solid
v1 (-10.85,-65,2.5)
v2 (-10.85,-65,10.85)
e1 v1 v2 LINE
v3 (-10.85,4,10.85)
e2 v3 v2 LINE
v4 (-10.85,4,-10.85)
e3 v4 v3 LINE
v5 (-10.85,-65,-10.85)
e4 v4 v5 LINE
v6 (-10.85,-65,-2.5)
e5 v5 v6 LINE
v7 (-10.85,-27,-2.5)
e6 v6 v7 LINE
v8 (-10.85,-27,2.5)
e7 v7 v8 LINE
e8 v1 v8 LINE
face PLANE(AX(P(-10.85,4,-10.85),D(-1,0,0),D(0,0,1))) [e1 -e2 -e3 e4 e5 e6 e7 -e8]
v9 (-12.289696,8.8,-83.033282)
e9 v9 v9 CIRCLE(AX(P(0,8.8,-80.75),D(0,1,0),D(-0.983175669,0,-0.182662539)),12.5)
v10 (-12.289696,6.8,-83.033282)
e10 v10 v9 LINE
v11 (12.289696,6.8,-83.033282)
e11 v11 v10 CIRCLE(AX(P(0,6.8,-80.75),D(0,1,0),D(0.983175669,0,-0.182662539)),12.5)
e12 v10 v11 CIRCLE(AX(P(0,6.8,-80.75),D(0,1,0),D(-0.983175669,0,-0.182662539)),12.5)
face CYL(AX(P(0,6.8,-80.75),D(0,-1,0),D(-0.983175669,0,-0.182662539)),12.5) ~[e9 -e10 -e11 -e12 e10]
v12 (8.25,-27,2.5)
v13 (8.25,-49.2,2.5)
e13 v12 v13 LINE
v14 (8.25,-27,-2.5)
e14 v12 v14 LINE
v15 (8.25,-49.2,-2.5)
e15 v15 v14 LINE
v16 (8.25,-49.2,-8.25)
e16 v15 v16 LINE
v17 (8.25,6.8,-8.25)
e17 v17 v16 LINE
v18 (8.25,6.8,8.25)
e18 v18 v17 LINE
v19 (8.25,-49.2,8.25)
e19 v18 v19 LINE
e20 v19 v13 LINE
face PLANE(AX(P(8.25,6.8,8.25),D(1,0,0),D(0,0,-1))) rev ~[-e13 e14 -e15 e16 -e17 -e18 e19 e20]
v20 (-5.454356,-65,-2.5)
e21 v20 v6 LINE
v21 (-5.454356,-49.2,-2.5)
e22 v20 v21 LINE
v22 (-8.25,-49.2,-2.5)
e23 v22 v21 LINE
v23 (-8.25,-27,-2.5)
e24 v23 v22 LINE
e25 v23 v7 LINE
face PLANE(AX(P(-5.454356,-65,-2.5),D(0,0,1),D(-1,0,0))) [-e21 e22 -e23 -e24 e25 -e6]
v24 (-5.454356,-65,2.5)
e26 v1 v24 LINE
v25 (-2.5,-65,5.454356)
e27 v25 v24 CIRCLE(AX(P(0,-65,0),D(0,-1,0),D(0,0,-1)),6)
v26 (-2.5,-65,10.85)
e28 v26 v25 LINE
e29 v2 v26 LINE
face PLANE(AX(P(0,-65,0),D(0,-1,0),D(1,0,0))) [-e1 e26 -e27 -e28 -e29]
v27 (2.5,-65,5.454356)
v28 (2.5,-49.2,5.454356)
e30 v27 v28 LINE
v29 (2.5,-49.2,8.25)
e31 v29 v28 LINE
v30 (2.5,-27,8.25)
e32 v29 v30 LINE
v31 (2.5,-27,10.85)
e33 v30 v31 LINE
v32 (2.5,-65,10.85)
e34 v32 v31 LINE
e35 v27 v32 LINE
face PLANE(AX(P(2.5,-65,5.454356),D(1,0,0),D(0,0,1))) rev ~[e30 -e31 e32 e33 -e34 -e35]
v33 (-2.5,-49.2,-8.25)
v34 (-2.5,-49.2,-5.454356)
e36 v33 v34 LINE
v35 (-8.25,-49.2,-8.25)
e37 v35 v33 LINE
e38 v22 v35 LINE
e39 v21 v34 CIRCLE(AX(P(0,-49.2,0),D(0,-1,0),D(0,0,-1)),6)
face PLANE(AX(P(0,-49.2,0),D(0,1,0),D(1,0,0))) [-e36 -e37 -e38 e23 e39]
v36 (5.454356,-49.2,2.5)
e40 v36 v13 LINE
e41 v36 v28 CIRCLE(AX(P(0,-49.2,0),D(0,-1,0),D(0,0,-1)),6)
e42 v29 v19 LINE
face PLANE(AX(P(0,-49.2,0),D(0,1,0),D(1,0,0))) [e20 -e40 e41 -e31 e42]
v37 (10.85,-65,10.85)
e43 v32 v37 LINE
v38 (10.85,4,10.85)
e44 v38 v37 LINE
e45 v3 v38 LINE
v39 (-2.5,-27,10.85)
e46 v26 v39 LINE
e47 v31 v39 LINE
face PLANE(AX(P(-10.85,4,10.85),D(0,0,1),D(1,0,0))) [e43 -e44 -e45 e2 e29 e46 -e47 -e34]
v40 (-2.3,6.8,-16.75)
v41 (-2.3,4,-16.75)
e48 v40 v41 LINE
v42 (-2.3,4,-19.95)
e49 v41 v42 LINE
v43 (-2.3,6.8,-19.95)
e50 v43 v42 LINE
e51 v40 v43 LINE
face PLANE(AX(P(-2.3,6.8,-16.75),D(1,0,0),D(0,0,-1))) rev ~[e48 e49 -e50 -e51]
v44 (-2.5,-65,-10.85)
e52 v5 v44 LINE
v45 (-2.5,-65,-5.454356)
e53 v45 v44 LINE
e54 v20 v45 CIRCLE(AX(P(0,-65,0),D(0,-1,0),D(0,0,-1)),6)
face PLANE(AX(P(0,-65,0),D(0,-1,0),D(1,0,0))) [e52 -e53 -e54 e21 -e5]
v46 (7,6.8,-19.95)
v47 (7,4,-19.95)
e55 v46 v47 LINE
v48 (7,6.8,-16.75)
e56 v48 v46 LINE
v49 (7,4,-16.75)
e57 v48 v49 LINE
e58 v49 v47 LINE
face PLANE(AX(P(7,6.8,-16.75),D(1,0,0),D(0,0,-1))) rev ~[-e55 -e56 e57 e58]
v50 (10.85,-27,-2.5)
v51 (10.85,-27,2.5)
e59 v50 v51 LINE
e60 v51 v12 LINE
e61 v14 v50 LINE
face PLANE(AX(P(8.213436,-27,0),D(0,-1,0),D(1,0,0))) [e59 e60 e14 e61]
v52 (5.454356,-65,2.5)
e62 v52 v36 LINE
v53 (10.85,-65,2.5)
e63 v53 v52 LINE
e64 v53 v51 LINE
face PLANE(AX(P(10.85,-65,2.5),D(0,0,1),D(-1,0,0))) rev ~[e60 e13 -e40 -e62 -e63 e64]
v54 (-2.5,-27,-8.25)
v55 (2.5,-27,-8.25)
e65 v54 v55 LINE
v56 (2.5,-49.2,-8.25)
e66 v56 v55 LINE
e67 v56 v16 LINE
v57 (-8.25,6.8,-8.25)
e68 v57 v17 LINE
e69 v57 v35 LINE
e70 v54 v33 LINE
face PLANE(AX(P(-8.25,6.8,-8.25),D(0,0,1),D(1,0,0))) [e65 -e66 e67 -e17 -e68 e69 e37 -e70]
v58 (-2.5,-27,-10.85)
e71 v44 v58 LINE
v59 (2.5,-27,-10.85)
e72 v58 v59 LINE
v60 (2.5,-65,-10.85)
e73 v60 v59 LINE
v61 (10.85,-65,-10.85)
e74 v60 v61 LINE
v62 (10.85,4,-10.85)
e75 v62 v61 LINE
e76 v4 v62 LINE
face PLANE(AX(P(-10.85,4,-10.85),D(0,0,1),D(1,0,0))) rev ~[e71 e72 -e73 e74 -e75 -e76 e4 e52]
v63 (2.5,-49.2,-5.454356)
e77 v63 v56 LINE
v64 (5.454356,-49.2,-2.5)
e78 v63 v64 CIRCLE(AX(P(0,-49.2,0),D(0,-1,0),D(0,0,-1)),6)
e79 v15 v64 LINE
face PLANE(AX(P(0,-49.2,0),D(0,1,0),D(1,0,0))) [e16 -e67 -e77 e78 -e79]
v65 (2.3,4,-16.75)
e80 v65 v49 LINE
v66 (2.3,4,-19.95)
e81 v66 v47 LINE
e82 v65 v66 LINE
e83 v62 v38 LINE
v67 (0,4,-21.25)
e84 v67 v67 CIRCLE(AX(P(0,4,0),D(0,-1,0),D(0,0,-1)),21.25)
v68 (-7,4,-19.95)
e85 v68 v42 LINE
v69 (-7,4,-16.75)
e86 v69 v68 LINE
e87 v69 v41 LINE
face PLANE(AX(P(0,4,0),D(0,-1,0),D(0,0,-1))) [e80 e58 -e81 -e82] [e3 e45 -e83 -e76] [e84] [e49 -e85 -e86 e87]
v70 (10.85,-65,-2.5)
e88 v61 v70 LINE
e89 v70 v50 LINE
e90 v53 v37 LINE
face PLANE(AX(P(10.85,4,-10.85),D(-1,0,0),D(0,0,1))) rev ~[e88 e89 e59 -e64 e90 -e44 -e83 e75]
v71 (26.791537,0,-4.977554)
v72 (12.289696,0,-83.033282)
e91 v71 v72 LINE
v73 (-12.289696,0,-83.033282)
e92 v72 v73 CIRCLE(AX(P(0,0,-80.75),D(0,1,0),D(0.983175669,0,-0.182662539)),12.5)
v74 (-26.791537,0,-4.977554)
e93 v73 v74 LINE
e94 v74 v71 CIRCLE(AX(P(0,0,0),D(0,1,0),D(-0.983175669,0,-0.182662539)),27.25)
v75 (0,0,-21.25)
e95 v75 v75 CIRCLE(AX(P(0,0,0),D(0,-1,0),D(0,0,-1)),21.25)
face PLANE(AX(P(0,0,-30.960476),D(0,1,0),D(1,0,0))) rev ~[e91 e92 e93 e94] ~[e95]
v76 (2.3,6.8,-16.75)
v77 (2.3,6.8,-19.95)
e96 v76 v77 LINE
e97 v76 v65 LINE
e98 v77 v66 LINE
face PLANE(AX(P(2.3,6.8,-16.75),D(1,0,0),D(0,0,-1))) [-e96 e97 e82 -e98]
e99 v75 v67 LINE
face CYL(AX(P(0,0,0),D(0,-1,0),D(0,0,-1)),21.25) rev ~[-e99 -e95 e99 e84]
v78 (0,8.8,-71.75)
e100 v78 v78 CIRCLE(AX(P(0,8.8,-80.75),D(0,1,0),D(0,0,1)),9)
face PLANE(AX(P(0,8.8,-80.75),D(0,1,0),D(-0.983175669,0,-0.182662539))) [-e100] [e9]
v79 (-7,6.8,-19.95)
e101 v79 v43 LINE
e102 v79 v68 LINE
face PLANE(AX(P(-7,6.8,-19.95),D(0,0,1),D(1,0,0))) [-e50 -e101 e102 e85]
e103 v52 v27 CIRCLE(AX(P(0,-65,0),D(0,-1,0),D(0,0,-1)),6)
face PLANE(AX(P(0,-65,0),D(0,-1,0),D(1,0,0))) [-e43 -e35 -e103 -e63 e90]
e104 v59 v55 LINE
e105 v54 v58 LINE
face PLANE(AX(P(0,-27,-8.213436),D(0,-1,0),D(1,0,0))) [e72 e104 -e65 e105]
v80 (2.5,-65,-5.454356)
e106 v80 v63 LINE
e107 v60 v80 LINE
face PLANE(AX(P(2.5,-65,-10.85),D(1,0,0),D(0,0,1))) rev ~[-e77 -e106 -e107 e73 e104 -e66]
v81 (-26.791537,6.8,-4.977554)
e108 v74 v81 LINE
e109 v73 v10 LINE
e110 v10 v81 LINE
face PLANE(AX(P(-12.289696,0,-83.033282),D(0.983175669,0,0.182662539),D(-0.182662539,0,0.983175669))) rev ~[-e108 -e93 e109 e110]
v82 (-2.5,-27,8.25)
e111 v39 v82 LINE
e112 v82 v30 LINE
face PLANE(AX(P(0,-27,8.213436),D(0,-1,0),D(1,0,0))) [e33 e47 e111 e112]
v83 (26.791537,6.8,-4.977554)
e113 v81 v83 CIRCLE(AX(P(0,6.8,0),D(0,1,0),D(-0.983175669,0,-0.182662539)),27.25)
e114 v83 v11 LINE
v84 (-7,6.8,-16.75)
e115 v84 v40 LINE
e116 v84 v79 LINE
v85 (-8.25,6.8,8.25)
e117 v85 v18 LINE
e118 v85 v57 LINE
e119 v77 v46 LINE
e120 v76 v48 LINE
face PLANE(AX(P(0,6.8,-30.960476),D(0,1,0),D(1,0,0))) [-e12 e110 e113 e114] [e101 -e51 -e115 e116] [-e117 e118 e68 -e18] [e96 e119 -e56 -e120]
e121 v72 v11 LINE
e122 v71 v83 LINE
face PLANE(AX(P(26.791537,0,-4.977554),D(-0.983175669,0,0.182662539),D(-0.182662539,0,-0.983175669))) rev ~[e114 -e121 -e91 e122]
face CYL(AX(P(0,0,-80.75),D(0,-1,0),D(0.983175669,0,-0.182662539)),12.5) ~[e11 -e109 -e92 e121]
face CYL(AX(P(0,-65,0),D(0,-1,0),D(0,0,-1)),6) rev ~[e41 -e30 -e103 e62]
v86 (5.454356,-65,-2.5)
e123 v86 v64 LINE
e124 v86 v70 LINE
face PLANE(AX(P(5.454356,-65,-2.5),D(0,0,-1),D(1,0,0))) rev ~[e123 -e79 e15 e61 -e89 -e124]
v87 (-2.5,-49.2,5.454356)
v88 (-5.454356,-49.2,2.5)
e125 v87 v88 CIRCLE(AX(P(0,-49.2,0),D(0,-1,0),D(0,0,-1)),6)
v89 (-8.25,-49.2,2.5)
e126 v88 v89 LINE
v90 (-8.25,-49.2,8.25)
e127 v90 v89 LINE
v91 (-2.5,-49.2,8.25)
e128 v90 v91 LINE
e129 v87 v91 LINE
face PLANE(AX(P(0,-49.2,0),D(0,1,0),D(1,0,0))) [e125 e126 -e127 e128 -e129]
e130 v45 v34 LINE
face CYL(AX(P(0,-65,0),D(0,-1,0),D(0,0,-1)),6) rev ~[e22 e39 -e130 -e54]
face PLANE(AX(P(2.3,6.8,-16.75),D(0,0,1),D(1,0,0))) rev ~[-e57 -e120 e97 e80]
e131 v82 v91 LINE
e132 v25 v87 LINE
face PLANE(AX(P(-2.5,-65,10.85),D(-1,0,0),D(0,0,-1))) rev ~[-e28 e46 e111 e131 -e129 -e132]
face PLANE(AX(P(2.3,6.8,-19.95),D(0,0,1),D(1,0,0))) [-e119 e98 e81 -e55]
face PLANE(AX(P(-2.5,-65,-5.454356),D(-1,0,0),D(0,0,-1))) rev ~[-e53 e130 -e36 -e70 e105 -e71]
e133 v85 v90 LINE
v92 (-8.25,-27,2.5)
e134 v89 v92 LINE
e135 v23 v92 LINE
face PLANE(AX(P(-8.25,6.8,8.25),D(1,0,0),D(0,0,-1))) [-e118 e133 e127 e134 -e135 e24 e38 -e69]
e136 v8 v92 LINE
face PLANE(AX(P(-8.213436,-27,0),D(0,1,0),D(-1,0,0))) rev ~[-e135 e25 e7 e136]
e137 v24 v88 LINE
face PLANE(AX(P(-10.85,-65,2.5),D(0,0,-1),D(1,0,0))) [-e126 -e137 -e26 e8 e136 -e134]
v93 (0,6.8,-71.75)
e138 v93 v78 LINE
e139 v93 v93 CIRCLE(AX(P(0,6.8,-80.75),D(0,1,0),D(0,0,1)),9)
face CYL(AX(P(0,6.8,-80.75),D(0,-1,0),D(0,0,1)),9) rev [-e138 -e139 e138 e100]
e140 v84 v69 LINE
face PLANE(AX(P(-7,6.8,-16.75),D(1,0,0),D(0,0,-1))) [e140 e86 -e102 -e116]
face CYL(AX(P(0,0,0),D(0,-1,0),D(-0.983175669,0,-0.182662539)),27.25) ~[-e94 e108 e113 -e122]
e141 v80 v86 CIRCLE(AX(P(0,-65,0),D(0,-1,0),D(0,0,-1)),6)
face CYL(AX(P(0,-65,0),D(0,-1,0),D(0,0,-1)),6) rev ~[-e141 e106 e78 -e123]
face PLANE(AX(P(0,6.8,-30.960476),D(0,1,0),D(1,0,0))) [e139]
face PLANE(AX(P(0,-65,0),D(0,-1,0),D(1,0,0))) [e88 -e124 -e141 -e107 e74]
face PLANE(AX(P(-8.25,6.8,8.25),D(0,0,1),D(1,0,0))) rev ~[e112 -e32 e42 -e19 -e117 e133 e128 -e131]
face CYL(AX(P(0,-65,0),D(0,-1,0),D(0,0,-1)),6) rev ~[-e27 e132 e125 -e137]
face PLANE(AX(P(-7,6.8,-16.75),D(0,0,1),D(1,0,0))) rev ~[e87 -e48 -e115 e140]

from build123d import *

# Parameters (mm, degrees)
BOSS_EXTRUDE1_DEPTH = 6.8
SKETCH2_R           = 12.5
SKETCH2_R_2         = 9
BOSS_EXTRUDE2_DEPTH = 2
SKETCH3_W           = 4.7
SKETCH3_H           = 3.2
CUT_EXTRUDE1_DEPTH  = 10
SKETCH7_R           = 21.25
CUT_EXTRUDE4_DEPTH  = 4
SKETCH8_W           = 21.7
SKETCH8_H           = 21.7
BOSS_EXTRUDE3_DEPTH = 69
SKETCH9_W           = 16.5
SKETCH9_H           = 16.5
CUT_EXTRUDE5_DEPTH  = 56
SKETCH10_R          = 6
CUT_EXTRUDE6_DEPTH  = 99
CUT_EXTRUDE7_DEPTH  = 38


with BuildPart() as part:
    # Sketch1 → Boss-Extrude1 (new body)
    with BuildSketch(Plane(origin=(0, 0, 0), x_dir=(1, 0, 0), z_dir=(0, 1, 0))):
        with BuildLine():
            Line((-12.289695868, 83.033281734), (-26.791536992, 4.97755418))
            ThreePointArc((-26.791536992, 4.97755418), (0, -27.25), (26.791536992, 4.97755418))
            Line((26.791536992, 4.97755418), (12.289695868, 83.033281734))
            ThreePointArc((12.289695868, 83.033281734), (0, 93.25), (-12.289695868, 83.033281734))
        make_face()
    extrude(amount=BOSS_EXTRUDE1_DEPTH)

    # Sketch2 → Boss-Extrude2 (add)
    with BuildSketch(Plane(origin=(0, 6.8, 0), x_dir=(1, 0, 0), z_dir=(0, 1, 0))):
        with Locations(Location((0, 80.75, 0), (0, 0, 169.47511628))):
            Circle(SKETCH2_R)
        with Locations(Location((0, 80.75, 0), (0, 0, 270))):
            Circle(SKETCH2_R_2, mode=Mode.SUBTRACT)
    extrude(amount=BOSS_EXTRUDE2_DEPTH)

    # Sketch3 → Cut-Extrude1 (cut)
    with BuildSketch(Plane(origin=(0, 6.8, 0), x_dir=(1, 0, 0), z_dir=(0, 1, 0))):
        with Locations((4.65, 18.35)):
            Rectangle(SKETCH3_W, SKETCH3_H)
        with Locations((-4.65, 18.35)):
            Rectangle(SKETCH3_W, SKETCH3_H)
    extrude(amount=-CUT_EXTRUDE1_DEPTH, mode=Mode.SUBTRACT)

    # Sketch7 → Cut-Extrude4 (cut)
    with BuildSketch(Plane.XZ):
        with Locations(Location((0, 0, 0), (0, 0, 270))):
            Circle(SKETCH7_R)
    extrude(amount=-CUT_EXTRUDE4_DEPTH, mode=Mode.SUBTRACT)

    # Sketch8 → Boss-Extrude3 (add)
    with BuildSketch(Plane.XZ.offset(-4)):
        Rectangle(SKETCH8_W, SKETCH8_H)
    extrude(amount=BOSS_EXTRUDE3_DEPTH)

    # Sketch9 → Cut-Extrude5 (cut)
    with BuildSketch(Plane(origin=(0, 6.8, 0), x_dir=(1, 0, 0), z_dir=(0, 1, 0))):
        Rectangle(SKETCH9_W, SKETCH9_H)
    extrude(amount=-CUT_EXTRUDE5_DEPTH, mode=Mode.SUBTRACT)

    # Sketch10 → Cut-Extrude6 (cut)
    with BuildSketch(Plane.XZ.offset(65)):
        with Locations(Location((0, 0, 0), (0, 0, 270))):
            Circle(SKETCH10_R)
    extrude(amount=-CUT_EXTRUDE6_DEPTH, mode=Mode.SUBTRACT)

    # Sketch11 → Cut-Extrude7 (cut)
    with BuildSketch(Plane.XZ.offset(65)):
        with BuildLine():
            Line((-6, 2.5), (-5.454356057, 2.5))
            ThreePointArc((-5.454356057, 2.5), (-6, 0), (-5.454356057, -2.5))
            Line((-5.454356057, -2.5), (-6, -2.5))
            Line((-6, -2.5), (-10.85, -2.5))
            Line((-10.85, -2.5), (-10.85, 2.5))
            Line((-10.85, 2.5), (-6, 2.5))
        make_face()
        with BuildLine():
            Line((-2.5, 6), (-2.5, 5.454356057))
            ThreePointArc((-2.5, 5.454356057), (0, 6), (2.5, 5.454356057))
            Line((2.5, 5.454356057), (2.5, 6))
            Line((2.5, 6), (2.5, 10.85))
            Line((2.5, 10.85), (-2.5, 10.85))
            Line((-2.5, 10.85), (-2.5, 6))
        make_face()
        with BuildLine():
            Line((-2.5, -6), (-2.5, -10.85))
            Line((-2.5, -10.85), (2.5, -10.85))
            Line((2.5, -10.85), (2.5, -6))
            Line((2.5, -6), (2.5, -5.454356057))
            ThreePointArc((2.5, -5.454356057), (0, -6), (-2.5, -5.454356057))
            Line((-2.5, -5.454356057), (-2.5, -6))
        make_face()
        with BuildLine():
            Line((6, -2.5), (10.85, -2.5))
            Line((10.85, -2.5), (10.85, 2.5))
            Line((10.85, 2.5), (6, 2.5))
            Line((6, 2.5), (5.454356057, 2.5))
            ThreePointArc((5.454356057, 2.5), (6, 0), (5.454356057, -2.5))
            Line((5.454356057, -2.5), (6, -2.5))
        make_face()
    extrude(amount=-CUT_EXTRUDE7_DEPTH, mode=Mode.SUBTRACT)


solid = part.part
